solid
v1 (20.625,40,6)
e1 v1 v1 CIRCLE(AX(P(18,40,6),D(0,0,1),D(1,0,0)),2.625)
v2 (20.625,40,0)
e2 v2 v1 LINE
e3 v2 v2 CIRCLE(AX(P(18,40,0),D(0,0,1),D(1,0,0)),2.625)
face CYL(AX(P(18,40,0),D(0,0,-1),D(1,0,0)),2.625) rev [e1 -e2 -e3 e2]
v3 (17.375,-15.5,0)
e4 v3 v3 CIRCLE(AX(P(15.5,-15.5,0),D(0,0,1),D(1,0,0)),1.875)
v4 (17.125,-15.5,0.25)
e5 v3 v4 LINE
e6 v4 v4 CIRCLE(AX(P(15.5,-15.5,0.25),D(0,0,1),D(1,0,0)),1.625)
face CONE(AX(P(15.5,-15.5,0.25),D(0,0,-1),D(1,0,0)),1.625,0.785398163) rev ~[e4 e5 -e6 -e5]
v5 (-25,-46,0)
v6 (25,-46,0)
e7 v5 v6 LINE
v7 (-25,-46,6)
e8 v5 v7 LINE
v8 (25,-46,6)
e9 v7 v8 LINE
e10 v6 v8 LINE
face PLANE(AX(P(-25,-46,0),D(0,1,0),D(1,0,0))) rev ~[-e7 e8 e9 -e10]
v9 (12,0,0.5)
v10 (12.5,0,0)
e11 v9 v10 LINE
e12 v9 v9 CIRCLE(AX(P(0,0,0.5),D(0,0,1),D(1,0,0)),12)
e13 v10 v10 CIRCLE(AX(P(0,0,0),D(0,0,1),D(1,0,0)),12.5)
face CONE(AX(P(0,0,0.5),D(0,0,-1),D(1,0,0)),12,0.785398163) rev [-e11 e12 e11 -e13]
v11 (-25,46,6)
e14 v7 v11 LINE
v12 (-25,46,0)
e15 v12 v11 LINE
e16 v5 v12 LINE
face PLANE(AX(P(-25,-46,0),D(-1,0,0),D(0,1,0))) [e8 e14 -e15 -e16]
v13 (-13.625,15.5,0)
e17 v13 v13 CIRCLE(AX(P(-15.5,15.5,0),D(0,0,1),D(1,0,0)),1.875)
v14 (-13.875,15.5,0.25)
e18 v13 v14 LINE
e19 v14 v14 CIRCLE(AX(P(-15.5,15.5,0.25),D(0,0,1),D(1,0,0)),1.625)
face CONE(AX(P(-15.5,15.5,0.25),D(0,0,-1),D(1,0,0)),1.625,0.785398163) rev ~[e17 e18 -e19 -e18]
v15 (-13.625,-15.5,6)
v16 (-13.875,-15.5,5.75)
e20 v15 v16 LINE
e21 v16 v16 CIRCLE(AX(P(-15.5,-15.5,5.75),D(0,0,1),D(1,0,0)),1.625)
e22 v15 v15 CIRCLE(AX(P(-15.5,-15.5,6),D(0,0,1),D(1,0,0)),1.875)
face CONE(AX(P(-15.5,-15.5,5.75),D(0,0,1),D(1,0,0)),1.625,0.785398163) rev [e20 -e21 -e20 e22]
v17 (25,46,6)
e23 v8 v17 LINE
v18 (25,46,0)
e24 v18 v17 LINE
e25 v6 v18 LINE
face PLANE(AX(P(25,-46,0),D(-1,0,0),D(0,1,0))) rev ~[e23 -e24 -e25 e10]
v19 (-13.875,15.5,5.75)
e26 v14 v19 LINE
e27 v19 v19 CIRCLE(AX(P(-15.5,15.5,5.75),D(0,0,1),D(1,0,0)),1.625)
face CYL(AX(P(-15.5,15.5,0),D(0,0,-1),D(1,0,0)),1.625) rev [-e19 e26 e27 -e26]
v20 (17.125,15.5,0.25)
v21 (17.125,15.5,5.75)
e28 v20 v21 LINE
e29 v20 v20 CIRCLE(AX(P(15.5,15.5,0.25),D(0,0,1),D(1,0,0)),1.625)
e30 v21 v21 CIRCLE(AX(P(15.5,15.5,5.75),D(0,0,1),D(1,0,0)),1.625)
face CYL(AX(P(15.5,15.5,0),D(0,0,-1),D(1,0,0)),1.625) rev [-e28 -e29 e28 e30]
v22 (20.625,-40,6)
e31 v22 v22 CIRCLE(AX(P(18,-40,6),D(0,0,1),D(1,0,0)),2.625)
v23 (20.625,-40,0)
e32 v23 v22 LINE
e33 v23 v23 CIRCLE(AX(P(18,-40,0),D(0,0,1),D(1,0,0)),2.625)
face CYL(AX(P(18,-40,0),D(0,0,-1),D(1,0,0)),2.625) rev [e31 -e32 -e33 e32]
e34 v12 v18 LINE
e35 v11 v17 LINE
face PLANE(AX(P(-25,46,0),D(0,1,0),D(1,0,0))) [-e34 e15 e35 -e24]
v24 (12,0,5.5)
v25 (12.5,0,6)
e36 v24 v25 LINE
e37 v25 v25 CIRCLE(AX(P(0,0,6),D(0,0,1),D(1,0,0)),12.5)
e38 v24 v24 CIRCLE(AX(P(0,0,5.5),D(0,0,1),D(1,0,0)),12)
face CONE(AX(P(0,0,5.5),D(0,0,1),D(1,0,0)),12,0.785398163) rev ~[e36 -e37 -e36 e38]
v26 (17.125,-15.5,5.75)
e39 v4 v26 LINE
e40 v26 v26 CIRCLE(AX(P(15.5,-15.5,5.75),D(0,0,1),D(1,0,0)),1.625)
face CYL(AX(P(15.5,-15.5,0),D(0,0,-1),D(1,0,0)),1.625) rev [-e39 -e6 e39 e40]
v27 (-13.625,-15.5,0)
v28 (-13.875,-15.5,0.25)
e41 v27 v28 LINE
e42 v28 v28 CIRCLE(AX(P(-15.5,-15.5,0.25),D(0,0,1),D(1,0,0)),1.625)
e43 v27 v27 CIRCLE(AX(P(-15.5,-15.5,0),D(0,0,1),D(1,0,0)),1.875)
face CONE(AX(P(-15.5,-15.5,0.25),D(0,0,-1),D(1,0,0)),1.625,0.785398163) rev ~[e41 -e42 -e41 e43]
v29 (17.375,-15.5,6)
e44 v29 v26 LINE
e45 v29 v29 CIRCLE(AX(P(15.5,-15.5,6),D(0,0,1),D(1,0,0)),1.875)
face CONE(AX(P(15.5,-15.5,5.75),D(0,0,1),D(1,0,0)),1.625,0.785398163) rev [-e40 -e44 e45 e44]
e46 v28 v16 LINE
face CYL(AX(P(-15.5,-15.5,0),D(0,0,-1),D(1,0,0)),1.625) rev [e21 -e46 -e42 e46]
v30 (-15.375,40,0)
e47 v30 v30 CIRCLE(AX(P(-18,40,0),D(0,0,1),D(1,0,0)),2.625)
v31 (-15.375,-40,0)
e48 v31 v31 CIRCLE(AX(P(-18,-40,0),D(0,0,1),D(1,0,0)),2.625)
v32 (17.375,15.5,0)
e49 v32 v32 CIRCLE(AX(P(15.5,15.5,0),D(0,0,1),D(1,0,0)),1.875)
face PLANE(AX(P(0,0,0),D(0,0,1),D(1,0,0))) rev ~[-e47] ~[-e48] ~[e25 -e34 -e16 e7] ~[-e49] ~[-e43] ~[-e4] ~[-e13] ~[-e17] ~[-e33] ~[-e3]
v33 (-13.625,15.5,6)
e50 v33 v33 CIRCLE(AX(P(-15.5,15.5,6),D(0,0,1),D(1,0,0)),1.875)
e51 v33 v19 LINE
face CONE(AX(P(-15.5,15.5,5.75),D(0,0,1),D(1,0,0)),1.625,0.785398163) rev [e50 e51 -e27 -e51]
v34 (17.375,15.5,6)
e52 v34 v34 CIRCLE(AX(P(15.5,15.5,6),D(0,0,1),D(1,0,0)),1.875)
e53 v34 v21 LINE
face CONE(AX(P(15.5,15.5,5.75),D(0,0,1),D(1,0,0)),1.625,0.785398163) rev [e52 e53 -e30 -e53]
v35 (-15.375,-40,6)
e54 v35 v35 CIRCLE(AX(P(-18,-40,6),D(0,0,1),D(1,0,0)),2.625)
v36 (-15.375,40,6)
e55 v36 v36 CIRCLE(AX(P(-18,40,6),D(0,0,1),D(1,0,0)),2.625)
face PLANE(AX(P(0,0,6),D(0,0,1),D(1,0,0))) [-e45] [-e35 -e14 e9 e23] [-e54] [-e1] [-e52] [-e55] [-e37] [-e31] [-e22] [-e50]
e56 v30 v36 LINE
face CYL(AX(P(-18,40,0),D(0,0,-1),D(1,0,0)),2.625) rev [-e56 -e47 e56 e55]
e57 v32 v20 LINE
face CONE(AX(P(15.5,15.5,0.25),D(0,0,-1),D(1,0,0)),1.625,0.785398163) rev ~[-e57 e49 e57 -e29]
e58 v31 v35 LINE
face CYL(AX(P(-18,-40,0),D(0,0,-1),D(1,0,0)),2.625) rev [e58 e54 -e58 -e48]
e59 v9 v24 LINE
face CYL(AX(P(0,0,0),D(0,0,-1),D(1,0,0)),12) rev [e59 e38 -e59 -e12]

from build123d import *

# Parameters (mm, degrees)
SKETCH_W        = 50
SKETCH_H        = 92
SKETCH_R        = 2.625
SKETCH_R_2      = 1.625
SKETCH_R_3      = 12
PAD_DEPTH       = 6
CHAMFER_SIZE    = 0.5
CHAMFER001_SIZE = 0.25


with BuildPart() as part:
    # Sketch → Pad (new body)
    with BuildSketch(Plane.XY):
        Rectangle(SKETCH_W, SKETCH_H)
        with Locations((-18, 40)):
            Circle(SKETCH_R, mode=Mode.SUBTRACT)
        with Locations((18, 40)):
            Circle(SKETCH_R, mode=Mode.SUBTRACT)
        with Locations((-18, -40)):
            Circle(SKETCH_R, mode=Mode.SUBTRACT)
        with Locations((18, -40)):
            Circle(SKETCH_R, mode=Mode.SUBTRACT)
        with Locations((-15.5, 15.5)):
            Circle(SKETCH_R_2, mode=Mode.SUBTRACT)
        with Locations((15.5, 15.5)):
            Circle(SKETCH_R_2, mode=Mode.SUBTRACT)
        with Locations((-15.5, -15.5)):
            Circle(SKETCH_R_2, mode=Mode.SUBTRACT)
        with Locations((15.5, -15.5)):
            Circle(SKETCH_R_2, mode=Mode.SUBTRACT)
        Circle(SKETCH_R_3, mode=Mode.SUBTRACT)
    extrude(amount=PAD_DEPTH)

    # Chamfer
    chamfer_edges = [part.edges().sort_by_distance(p)[0] for p in [
        (-12, 0, 6),
        (-12, 0, 0),
    ]]
    chamfer(chamfer_edges, length=CHAMFER_SIZE)

    # Chamfer001
    chamfer001_edges = [part.edges().sort_by_distance(p)[0] for p in [
        (-17.125, 15.5, 6),
        (-17.125, -15.5, 6),
        (13.875, -15.5, 6),
        (13.875, 15.5, 6),
        (13.875, -15.5, 0),
        (13.875, 15.5, 0),
        (-17.125, -15.5, 0),
        (-17.125, 15.5, 0),
    ]]
    chamfer(chamfer001_edges, length=CHAMFER001_SIZE)


solid = part.part
